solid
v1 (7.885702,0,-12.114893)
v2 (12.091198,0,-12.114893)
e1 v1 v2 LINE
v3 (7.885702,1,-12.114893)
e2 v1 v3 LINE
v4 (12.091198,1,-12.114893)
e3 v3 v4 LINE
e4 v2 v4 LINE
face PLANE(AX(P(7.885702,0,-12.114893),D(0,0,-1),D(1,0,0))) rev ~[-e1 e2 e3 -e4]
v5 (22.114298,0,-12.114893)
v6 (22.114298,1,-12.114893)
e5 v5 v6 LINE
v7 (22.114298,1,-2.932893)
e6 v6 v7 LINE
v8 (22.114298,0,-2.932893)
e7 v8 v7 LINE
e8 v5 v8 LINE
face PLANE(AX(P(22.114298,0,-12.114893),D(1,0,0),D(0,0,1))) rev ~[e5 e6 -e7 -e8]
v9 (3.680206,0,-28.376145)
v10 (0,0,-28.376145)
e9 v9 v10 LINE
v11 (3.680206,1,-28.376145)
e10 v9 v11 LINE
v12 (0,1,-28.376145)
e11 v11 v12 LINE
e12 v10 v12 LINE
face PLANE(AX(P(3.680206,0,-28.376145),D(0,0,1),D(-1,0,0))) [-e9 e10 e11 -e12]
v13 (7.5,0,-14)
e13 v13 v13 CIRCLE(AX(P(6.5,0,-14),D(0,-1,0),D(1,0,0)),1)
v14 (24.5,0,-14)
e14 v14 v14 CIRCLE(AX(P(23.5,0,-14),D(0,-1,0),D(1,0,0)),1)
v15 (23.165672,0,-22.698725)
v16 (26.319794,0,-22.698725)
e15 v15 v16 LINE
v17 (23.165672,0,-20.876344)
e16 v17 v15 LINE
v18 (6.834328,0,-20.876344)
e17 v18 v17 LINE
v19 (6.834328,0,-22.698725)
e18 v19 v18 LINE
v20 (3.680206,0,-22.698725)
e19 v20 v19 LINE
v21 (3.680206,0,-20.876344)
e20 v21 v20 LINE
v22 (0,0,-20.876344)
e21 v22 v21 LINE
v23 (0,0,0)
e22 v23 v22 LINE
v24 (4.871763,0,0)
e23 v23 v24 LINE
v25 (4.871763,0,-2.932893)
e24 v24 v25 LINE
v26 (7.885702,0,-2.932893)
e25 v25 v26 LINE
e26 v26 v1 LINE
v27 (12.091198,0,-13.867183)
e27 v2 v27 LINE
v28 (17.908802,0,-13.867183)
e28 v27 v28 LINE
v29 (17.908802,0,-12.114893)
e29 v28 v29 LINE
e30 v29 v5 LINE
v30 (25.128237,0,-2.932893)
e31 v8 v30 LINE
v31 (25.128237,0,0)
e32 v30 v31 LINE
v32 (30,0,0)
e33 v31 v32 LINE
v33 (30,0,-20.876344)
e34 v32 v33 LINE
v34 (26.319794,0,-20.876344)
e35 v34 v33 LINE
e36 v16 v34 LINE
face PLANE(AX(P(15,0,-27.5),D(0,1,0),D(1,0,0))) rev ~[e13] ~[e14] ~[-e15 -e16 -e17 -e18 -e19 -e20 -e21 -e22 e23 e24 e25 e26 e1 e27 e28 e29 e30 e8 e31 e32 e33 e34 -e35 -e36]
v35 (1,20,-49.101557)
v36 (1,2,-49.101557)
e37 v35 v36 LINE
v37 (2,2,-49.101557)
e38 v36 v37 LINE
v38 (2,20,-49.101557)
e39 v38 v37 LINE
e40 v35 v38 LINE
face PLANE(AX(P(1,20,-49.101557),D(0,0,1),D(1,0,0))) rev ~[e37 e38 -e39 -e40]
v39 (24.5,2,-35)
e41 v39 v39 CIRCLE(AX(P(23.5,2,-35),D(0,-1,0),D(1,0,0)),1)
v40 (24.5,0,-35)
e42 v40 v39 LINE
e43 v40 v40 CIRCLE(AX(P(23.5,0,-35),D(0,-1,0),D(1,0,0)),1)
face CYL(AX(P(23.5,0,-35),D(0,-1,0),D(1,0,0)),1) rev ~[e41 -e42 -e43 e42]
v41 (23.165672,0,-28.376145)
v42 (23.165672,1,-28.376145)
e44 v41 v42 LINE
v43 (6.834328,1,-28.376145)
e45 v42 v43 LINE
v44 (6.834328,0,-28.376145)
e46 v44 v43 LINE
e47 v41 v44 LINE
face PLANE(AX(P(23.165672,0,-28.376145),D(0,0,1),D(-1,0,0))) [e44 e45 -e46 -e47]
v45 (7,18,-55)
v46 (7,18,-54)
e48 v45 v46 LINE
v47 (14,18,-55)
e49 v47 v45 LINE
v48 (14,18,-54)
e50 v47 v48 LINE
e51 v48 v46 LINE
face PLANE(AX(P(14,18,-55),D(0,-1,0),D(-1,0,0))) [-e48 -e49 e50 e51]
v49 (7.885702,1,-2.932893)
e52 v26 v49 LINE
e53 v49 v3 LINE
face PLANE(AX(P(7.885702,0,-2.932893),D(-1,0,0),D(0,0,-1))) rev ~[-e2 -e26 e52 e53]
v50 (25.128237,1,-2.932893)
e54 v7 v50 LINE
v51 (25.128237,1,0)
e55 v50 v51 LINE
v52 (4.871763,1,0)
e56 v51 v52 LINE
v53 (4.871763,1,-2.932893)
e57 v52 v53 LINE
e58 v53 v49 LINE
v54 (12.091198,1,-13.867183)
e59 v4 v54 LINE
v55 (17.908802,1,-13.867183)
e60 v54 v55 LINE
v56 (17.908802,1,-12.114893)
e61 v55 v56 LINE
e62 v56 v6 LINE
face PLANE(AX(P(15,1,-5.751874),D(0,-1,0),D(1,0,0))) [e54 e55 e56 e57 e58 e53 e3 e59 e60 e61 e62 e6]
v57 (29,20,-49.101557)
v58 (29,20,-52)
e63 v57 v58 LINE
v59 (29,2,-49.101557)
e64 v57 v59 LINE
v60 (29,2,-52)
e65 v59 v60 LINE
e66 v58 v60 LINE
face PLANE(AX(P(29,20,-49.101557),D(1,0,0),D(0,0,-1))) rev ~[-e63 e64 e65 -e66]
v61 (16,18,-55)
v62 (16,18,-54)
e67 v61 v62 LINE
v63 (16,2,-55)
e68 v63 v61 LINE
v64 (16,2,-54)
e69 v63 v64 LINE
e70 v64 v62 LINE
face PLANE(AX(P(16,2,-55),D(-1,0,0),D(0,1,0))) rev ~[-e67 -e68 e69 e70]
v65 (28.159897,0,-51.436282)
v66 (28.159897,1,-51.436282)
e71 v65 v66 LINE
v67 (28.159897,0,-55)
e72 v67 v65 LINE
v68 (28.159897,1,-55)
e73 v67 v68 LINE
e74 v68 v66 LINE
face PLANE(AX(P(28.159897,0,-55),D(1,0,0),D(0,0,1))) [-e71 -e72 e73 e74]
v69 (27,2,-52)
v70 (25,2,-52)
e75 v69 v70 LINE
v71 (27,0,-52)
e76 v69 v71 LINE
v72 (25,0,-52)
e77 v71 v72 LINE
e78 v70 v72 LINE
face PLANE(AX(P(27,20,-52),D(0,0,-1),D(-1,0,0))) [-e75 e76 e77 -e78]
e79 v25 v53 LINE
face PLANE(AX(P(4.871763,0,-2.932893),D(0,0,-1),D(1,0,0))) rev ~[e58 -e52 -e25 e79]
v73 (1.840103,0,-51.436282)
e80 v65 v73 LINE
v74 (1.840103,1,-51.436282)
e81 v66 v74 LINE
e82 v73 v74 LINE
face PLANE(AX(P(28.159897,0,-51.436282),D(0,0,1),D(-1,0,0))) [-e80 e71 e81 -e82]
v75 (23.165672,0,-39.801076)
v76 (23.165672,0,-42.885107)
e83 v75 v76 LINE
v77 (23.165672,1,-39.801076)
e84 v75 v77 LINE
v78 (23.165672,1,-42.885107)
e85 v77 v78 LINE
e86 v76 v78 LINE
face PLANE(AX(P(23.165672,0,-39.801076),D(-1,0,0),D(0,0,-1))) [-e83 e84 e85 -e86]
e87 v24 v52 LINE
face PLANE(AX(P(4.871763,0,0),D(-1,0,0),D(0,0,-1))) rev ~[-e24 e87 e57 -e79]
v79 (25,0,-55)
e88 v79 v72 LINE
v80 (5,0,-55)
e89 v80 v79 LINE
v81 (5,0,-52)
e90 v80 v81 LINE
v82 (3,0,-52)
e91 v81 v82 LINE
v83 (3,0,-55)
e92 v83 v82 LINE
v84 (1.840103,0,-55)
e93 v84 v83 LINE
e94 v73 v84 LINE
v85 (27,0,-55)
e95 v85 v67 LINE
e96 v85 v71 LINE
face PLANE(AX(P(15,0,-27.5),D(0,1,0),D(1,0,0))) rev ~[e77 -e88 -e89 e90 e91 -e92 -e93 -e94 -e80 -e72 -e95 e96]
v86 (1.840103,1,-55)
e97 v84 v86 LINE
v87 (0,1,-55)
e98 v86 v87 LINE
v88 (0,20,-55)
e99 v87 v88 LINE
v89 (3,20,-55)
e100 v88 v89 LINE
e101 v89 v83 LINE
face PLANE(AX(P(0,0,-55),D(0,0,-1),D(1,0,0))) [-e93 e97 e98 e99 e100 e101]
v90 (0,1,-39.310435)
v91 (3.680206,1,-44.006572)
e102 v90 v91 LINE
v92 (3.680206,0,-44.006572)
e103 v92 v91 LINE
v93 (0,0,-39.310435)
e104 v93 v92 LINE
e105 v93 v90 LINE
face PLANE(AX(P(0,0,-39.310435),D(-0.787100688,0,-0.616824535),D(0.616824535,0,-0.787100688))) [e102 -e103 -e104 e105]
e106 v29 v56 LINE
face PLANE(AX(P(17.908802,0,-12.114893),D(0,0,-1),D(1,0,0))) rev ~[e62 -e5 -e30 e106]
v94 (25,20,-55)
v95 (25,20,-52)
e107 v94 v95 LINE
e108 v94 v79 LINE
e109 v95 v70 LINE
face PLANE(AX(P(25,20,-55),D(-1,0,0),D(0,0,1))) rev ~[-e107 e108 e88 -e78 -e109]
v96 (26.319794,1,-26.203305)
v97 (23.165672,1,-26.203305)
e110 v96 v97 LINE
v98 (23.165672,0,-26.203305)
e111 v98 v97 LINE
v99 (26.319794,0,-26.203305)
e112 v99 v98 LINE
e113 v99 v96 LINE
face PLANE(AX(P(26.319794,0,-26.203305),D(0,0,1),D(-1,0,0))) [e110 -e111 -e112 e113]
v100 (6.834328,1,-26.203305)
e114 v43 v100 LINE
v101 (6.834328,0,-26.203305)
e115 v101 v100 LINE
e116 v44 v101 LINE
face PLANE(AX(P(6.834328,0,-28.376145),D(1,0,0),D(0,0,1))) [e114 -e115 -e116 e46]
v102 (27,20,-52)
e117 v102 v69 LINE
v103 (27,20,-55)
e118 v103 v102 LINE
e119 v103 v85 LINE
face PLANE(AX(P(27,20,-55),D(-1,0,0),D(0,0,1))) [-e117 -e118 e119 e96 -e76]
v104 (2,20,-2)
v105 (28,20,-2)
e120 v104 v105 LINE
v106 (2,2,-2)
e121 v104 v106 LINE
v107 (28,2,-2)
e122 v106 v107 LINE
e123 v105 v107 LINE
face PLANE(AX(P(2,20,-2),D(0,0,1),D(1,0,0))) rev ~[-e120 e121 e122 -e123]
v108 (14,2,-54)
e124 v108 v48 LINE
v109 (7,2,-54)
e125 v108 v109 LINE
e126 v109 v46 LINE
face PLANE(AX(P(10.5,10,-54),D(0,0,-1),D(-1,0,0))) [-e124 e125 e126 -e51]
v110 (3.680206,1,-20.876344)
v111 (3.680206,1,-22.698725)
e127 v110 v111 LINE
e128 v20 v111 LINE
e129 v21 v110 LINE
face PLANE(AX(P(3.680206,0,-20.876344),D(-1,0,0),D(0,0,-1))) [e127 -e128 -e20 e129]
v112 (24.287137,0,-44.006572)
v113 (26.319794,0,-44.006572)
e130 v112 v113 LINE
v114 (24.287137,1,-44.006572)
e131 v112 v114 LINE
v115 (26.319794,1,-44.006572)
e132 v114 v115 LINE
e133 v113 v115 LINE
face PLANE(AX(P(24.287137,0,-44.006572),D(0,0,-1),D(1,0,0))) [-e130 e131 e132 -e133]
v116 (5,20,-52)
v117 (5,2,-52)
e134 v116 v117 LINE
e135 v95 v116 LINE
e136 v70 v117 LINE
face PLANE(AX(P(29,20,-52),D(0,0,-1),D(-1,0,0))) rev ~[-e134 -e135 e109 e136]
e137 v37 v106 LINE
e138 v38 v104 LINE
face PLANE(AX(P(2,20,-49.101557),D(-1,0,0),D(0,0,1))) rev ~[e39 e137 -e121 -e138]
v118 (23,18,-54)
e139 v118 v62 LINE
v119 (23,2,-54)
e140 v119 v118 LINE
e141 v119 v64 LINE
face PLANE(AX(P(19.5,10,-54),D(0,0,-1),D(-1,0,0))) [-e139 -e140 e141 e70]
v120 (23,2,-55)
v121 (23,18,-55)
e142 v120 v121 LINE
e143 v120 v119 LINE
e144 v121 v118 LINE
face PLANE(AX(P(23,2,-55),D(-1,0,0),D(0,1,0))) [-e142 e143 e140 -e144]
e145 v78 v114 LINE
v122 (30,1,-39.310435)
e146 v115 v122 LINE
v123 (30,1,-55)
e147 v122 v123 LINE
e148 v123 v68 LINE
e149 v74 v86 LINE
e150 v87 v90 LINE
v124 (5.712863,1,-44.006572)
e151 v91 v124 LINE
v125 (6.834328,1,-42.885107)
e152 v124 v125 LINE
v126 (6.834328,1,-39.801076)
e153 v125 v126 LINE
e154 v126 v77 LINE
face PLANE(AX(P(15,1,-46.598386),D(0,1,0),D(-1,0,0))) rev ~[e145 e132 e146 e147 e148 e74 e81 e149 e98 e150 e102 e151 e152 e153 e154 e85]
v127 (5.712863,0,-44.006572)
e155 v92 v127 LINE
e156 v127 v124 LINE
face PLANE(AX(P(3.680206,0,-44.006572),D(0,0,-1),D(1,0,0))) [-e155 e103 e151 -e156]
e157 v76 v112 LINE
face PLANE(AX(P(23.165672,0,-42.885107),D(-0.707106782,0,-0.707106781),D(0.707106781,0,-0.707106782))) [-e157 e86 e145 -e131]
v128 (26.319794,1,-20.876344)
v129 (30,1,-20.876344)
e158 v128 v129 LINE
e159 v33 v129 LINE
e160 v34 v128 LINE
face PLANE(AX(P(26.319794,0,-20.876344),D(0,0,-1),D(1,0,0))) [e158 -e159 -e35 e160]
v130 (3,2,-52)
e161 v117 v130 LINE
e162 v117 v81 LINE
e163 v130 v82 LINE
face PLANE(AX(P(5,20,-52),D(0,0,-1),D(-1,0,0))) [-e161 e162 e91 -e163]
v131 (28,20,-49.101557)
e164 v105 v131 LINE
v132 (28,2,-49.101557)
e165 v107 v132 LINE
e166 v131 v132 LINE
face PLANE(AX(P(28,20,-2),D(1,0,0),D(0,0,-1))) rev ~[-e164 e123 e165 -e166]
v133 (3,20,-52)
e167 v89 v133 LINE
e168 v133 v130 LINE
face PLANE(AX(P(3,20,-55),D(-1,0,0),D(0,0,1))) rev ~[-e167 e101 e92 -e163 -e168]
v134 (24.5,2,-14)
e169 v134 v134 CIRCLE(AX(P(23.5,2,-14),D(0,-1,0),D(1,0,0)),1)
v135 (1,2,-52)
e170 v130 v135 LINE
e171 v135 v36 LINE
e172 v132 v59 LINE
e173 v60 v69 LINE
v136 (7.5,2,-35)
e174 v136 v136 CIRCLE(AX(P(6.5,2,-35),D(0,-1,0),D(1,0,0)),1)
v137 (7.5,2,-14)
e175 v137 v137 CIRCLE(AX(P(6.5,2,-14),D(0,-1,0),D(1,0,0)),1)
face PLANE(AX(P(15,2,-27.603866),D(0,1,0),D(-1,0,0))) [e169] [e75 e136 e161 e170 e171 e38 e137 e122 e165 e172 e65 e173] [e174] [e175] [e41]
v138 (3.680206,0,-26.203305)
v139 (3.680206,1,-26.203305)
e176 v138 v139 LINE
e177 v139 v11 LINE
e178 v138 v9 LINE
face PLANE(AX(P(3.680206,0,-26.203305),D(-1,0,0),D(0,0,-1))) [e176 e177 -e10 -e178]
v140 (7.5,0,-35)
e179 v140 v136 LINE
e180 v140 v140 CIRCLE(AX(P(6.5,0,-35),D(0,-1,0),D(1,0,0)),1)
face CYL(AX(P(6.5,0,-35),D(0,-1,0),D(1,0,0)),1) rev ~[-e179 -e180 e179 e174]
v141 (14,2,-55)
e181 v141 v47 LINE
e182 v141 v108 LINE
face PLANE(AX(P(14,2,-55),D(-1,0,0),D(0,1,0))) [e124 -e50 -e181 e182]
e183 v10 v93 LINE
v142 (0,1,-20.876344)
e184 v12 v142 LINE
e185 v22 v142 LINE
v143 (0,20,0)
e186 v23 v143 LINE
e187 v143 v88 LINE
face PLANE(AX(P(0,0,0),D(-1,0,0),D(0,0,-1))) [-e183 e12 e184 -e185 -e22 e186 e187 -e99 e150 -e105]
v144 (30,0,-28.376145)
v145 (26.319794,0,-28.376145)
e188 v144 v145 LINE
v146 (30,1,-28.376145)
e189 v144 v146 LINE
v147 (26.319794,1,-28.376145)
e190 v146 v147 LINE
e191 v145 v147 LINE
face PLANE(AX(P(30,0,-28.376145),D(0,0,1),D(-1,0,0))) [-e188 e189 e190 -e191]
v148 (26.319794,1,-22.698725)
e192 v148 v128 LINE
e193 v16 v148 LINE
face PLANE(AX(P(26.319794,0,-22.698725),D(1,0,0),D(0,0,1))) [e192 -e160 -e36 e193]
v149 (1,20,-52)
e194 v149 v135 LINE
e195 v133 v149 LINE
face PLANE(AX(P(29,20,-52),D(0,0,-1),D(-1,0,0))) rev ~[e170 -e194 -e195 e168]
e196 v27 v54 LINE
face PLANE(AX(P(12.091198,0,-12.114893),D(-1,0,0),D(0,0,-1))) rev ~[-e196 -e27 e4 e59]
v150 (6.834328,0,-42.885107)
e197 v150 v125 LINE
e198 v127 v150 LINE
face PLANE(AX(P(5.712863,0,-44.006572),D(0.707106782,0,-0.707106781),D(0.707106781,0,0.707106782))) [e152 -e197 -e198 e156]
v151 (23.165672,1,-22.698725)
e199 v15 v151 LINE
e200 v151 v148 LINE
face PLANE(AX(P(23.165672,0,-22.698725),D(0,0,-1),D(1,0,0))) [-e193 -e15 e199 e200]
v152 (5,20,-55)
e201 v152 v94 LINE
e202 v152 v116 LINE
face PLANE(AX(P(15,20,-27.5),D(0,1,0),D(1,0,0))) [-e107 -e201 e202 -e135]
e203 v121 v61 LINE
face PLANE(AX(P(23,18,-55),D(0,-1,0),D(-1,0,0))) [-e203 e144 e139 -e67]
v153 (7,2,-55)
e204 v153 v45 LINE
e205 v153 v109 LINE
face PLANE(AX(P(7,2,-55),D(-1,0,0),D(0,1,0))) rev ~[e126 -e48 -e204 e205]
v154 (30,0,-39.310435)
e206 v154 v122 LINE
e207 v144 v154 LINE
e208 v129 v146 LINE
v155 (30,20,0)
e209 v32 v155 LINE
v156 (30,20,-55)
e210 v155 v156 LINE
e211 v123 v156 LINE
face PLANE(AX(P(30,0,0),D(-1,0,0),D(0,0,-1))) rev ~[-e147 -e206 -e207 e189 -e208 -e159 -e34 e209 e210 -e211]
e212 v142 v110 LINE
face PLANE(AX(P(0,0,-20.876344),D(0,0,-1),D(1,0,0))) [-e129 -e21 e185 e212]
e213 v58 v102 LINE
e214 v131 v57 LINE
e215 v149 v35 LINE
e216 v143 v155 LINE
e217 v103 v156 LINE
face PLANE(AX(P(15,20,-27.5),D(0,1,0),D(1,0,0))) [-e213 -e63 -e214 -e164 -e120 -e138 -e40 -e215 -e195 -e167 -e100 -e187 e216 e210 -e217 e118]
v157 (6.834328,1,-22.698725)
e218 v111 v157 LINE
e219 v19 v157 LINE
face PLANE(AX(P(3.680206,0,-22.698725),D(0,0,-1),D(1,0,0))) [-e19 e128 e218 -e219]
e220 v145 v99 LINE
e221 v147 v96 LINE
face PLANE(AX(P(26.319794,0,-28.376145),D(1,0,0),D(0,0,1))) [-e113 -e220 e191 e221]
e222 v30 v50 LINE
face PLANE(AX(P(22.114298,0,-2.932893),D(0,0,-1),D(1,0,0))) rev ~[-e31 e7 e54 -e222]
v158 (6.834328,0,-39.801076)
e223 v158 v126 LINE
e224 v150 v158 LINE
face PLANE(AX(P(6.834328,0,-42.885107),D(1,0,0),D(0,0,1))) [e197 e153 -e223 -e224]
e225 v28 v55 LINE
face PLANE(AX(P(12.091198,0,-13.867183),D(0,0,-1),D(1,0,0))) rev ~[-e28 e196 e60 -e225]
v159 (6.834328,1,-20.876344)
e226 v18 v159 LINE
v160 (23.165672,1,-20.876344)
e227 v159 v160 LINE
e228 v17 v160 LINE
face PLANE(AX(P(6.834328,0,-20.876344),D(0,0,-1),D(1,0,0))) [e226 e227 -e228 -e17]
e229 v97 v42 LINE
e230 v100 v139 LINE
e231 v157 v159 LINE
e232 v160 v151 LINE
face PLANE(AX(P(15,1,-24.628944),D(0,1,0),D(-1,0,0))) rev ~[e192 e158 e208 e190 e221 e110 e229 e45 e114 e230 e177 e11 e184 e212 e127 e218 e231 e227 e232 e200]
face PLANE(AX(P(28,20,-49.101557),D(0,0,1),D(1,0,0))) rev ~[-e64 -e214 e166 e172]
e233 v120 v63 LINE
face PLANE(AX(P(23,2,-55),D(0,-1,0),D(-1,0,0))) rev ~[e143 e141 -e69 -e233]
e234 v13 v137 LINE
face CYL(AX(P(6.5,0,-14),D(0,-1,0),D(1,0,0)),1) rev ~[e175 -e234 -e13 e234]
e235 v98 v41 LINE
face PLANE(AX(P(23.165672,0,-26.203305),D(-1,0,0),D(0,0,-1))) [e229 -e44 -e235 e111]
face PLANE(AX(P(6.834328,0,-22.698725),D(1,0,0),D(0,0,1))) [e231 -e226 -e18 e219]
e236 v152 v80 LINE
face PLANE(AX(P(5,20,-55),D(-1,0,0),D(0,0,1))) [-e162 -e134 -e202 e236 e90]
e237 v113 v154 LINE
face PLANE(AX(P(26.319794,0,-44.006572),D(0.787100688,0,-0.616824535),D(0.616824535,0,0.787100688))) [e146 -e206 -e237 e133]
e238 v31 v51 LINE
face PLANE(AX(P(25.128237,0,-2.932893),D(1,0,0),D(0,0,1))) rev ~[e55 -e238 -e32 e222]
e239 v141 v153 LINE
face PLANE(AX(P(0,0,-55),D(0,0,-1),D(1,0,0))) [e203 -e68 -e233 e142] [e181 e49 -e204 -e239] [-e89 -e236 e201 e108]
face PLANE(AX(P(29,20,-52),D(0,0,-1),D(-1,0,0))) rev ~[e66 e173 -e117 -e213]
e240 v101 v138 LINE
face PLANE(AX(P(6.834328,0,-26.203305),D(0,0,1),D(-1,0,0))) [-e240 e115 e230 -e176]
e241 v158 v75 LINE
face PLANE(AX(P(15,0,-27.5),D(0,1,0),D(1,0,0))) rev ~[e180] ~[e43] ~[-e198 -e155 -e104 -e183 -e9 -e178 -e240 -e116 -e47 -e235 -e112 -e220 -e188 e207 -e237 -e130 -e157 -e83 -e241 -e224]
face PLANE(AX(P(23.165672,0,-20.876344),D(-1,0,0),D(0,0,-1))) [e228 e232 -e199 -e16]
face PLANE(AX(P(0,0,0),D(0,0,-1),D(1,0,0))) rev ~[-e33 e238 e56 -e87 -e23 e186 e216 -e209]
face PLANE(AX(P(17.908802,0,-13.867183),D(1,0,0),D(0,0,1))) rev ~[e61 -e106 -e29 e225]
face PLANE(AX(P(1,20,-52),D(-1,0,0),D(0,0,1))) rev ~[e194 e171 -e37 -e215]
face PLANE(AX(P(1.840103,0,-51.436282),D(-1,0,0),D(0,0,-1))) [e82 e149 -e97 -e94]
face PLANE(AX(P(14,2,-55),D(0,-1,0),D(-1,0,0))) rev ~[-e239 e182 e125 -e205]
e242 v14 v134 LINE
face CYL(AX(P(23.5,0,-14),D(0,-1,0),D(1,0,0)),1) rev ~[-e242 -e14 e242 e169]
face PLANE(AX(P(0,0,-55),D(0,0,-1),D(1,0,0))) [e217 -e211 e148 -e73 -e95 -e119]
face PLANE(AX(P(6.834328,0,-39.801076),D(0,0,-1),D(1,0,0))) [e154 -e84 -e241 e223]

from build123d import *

# Parameters (mm, degrees)
SKETCH1_W           = 30
SKETCH1_H           = 55
BOSS_EXTRUDE1_DEPTH = 20
CUT_EXTRUDE1_DEPTH  = 18
SKETCH3_W           = 2
SKETCH3_H           = 3
CUT_EXTRUDE2_DEPTH  = 21
SKETCH4_W           = 7
SKETCH4_H           = 16
CUT_EXTRUDE3_DEPTH  = 1
SKETCH5_R           = 1
CUT_EXTRUDE4_DEPTH  = 21
CUT_EXTRUDE5_DEPTH  = 1


with BuildPart() as part:
    # Sketch1 → Boss-Extrude1 (new body)
    with BuildSketch(Plane(origin=(0, 0, 0), x_dir=(1, 0, 0), z_dir=(0, 1, 0))):
        with Locations((15, 27.5)):
            Rectangle(SKETCH1_W, SKETCH1_H)
    extrude(amount=BOSS_EXTRUDE1_DEPTH)

    # Sketch2 → Cut-Extrude1 (cut)
    with BuildSketch(Plane(origin=(0, 20, 0), x_dir=(-1, 0, 0), z_dir=(0, 1, 0))):
        Polygon((-29, -52), (-1, -52), (-1, -49.101557188), (-2, -49.101557188), (-2, -2), (-28, -2), (-28, -49.101557188), (-29, -49.101557188), align=None)
    extrude(amount=-CUT_EXTRUDE1_DEPTH, mode=Mode.SUBTRACT)

    # Sketch3 → Cut-Extrude2 (cut, through all)
    with BuildSketch(Plane(origin=(0, 20, 0), x_dir=(-1, 0, 0), z_dir=(0, 1, 0))):
        with Locations((-4, -53.5)):
            Rectangle(SKETCH3_W, SKETCH3_H)
        with Locations((-26, -53.5)):
            Rectangle(SKETCH3_W, SKETCH3_H)
    extrude(amount=-CUT_EXTRUDE2_DEPTH, mode=Mode.SUBTRACT)

    # Sketch4 → Cut-Extrude3 (cut)
    with BuildSketch(Plane(origin=(0, 0, -55), x_dir=(-1, 0, 0), z_dir=(0, 0, -1))):
        with Locations((-19.5, 10)):
            Rectangle(SKETCH4_W, SKETCH4_H)
        with Locations((-10.5, 10)):
            Rectangle(SKETCH4_W, SKETCH4_H)
    extrude(amount=-CUT_EXTRUDE3_DEPTH, mode=Mode.SUBTRACT)

    # Sketch5 → Cut-Extrude4 (cut, through all)
    with BuildSketch(Plane.XZ):
        with Locations((6.5, -14)):
            Circle(SKETCH5_R)
        with Locations((23.5, -14)):
            Circle(SKETCH5_R)
        with Locations((6.5, -35)):
            Circle(SKETCH5_R)
        with Locations((23.5, -35)):
            Circle(SKETCH5_R)
    extrude(amount=-CUT_EXTRUDE4_DEPTH, mode=Mode.SUBTRACT)

    # Sketch6 → Cut-Extrude5 (cut)
    with BuildSketch(Plane.XZ):
        Polygon((4.871763373, 0), (4.871763373, -2.932893163), (7.8857023, -2.932893163), (7.8857023, -12.114893151), (12.091198477, -12.114893151), (12.091198477, -13.867183225), (17.908801523, -13.867183225), (17.908801523, -12.114893151), (22.1142977, -12.114893151), (22.1142977, -2.932893163), (25.128236627, -2.932893163), (25.128236627, 0), align=None)
        Polygon((0, -20.87634352), (3.680206122, -20.87634352), (3.680206122, -22.698725197), (6.834328255, -22.698725197), (6.834328255, -20.87634352), (23.165671745, -20.87634352), (23.165671745, -22.698725197), (26.319793878, -22.698725197), (26.319793878, -20.87634352), (30, -20.87634352), (30, -28.376145037), (26.319793878, -28.376145037), (26.319793878, -26.203305345), (23.165671745, -26.203305345), (23.165671745, -28.376145037), (6.834328255, -28.376145037), (6.834328255, -26.203305345), (3.680206122, -26.203305345), (3.680206122, -28.376145037), (0, -28.376145037), align=None)
        Polygon((0, -39.310435098), (3.680206122, -44.006572497), (5.712862608, -44.006572497), (6.834328255, -42.885106849), (6.834328255, -39.801076319), (23.165671745, -39.801076319), (23.165671745, -42.885106849), (24.287137392, -44.006572497), (26.319793878, -44.006572497), (30, -39.310435098), (30, -55), (28.159896939, -55), (28.159896939, -51.43628241), (1.840103061, -51.43628241), (1.840103061, -55), (0, -55), align=None)
    extrude(amount=-CUT_EXTRUDE5_DEPTH, mode=Mode.SUBTRACT)


solid = part.part
